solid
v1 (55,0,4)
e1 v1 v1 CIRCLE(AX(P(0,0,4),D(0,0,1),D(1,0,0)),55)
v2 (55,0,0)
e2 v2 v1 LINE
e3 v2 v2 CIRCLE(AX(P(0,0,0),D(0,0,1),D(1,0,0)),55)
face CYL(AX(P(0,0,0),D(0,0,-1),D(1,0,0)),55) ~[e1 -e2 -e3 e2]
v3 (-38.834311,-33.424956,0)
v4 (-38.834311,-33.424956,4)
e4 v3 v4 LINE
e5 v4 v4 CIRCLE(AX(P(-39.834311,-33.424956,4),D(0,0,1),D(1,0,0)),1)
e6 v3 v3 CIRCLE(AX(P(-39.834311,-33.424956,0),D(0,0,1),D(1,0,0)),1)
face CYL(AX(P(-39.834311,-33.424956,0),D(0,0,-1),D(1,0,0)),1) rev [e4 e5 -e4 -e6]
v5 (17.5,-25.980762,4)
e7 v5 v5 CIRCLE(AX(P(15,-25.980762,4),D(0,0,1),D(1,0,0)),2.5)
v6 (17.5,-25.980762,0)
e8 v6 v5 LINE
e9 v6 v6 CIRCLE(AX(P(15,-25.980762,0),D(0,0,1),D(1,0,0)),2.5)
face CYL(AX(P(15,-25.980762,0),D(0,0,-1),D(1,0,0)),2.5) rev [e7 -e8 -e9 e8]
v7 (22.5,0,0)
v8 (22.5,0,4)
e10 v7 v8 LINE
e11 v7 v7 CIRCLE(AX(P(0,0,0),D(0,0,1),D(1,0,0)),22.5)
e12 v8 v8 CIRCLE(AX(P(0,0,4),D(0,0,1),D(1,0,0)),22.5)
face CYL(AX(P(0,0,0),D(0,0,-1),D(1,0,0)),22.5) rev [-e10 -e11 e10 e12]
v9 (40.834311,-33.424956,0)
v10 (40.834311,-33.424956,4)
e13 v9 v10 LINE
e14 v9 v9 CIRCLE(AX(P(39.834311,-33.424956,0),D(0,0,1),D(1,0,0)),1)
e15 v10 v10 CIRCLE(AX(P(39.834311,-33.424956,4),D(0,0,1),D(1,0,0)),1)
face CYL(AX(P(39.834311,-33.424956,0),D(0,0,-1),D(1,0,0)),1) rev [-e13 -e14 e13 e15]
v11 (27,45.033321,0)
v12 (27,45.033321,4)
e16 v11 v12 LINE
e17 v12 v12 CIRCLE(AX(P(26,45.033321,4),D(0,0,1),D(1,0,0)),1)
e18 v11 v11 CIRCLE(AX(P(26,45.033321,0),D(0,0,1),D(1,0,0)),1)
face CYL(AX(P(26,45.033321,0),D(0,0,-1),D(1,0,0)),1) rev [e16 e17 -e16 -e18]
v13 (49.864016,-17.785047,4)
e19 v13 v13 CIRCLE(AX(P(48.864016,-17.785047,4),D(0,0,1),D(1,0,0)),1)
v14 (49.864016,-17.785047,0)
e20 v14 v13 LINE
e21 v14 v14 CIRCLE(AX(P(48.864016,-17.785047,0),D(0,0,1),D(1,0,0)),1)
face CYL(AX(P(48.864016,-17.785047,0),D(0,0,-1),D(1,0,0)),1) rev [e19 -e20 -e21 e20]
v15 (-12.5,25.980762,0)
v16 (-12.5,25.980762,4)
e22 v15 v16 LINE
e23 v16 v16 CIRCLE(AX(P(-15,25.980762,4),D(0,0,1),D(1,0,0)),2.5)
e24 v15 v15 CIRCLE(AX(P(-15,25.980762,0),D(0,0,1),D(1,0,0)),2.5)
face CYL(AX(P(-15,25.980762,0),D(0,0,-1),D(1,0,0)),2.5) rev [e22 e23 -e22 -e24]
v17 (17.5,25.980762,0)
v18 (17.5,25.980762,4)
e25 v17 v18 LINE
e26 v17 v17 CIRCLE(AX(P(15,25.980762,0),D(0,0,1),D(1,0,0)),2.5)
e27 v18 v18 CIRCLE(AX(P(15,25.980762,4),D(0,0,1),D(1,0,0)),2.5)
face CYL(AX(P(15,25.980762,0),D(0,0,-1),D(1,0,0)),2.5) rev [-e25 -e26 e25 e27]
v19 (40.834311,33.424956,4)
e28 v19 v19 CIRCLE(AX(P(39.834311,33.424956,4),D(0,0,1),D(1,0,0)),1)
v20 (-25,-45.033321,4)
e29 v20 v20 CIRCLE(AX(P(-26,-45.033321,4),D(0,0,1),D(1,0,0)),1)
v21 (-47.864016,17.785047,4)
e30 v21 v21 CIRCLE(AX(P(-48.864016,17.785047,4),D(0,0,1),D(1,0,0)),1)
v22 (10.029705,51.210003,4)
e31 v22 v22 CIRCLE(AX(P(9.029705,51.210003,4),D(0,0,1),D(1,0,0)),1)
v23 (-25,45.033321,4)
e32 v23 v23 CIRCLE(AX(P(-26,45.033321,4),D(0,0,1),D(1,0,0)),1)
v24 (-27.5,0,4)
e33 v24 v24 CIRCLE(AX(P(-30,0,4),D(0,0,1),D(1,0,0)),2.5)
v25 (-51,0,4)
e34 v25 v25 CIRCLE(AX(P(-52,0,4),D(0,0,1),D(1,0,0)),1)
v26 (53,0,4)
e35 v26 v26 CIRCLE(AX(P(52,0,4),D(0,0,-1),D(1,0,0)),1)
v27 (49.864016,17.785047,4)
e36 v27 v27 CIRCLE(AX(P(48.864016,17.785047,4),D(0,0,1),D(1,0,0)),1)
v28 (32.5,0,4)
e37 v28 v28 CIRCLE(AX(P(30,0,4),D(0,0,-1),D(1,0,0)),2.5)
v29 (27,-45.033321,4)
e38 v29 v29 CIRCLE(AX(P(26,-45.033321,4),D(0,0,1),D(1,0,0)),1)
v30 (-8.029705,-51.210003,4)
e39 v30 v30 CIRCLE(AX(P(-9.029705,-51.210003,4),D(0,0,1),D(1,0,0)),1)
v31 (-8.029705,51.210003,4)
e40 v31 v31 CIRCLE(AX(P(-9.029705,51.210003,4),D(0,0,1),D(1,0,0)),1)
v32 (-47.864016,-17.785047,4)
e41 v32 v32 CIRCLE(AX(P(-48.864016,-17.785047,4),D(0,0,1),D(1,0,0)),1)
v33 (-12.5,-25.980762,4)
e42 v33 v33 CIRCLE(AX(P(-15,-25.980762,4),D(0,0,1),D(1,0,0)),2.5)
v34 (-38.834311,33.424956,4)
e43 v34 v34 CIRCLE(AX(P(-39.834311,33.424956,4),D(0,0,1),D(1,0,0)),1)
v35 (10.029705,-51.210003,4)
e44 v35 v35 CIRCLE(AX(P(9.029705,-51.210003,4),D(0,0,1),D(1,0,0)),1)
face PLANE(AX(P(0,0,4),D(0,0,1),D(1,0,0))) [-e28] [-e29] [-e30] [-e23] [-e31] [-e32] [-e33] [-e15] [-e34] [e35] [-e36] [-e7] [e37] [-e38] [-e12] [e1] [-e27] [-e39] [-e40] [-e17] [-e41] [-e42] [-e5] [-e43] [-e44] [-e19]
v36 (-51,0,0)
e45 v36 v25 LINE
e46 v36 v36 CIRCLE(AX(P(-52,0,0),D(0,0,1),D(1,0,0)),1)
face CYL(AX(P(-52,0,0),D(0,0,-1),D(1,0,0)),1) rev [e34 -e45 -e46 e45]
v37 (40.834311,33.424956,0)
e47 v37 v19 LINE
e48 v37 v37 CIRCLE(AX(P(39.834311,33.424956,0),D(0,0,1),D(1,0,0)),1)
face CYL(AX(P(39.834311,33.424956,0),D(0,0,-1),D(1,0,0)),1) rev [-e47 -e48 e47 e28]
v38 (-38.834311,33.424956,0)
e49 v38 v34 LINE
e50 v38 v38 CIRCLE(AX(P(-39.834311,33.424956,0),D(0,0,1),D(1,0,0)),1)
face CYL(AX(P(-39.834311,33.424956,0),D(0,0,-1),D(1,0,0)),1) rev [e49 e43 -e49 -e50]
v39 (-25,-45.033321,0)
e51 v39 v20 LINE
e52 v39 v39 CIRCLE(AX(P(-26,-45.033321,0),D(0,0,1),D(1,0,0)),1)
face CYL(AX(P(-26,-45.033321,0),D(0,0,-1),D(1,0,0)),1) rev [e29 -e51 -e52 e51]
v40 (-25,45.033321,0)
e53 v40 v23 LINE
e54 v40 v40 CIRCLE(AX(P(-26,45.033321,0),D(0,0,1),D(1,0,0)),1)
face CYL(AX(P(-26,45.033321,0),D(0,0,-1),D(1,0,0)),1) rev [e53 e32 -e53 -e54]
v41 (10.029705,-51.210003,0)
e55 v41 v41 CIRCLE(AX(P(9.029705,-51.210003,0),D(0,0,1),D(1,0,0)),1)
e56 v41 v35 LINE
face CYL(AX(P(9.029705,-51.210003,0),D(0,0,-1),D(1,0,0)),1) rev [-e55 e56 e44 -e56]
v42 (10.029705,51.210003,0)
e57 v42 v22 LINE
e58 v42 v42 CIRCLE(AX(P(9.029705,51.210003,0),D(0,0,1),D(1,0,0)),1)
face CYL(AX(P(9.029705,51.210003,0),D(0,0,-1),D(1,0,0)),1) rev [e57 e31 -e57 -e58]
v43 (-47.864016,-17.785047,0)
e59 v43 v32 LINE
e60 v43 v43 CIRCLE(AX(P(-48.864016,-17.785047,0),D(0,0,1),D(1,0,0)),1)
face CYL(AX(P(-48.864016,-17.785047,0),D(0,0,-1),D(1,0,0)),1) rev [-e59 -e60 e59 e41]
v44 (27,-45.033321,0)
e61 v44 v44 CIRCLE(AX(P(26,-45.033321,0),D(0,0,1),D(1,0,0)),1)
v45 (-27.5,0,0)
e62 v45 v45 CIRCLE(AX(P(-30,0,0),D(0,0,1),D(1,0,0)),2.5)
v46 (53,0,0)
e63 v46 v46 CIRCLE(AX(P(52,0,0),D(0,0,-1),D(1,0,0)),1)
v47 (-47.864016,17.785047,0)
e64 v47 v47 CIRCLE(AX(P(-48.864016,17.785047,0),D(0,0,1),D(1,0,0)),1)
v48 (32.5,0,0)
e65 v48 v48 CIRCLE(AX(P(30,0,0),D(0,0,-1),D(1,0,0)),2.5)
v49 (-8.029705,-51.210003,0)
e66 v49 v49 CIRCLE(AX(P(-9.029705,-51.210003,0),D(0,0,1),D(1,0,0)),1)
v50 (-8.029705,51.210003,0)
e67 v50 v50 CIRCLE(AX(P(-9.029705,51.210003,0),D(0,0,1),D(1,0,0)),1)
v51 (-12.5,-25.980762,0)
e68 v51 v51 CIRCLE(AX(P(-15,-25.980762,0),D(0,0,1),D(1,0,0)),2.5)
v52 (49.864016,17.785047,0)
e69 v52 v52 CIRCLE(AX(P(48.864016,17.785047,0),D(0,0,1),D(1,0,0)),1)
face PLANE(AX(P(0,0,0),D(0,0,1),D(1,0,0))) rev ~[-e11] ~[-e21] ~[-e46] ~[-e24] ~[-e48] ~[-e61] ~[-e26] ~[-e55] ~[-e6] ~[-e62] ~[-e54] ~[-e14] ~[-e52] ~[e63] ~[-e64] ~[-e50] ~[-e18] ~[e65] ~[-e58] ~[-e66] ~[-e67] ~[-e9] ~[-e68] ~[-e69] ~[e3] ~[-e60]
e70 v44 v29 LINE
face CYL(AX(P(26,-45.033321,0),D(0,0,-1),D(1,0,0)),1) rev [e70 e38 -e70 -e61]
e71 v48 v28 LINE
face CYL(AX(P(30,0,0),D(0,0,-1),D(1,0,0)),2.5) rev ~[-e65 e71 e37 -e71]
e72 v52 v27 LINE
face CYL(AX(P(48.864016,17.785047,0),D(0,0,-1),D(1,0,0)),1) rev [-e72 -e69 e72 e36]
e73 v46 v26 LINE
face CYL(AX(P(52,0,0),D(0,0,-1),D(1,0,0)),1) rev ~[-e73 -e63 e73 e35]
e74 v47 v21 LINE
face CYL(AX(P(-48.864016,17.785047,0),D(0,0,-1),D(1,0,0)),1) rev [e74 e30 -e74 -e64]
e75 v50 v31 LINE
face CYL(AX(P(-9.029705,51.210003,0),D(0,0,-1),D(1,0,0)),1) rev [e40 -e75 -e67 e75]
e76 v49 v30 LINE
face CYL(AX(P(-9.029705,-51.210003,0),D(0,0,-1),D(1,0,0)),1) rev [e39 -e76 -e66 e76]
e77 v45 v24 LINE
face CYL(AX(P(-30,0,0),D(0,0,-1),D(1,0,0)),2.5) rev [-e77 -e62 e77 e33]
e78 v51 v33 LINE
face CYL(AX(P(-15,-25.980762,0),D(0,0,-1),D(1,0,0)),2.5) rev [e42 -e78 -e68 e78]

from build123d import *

# Parameters (mm, degrees)
F0_R     = 55
F0_R_2   = 1
F0_R_3   = 2.5
F0_R_4   = 22.5
F1_DEPTH = 4


with BuildPart() as f1:
    # F0 (on Top) → F1 (new body)
    with BuildSketch(Plane.XY):
        Circle(F0_R)
        with Locations((-39.834311, -33.424956)):
            Circle(F0_R_2, mode=Mode.SUBTRACT)
        with Locations((-26, -45.033321)):
            Circle(F0_R_2, mode=Mode.SUBTRACT)
        with Locations((-9.029705, -51.210003)):
            Circle(F0_R_2, mode=Mode.SUBTRACT)
        with Locations((-48.864016, -17.785047)):
            Circle(F0_R_2, mode=Mode.SUBTRACT)
        with Locations((-15, -25.980762)):
            Circle(F0_R_3, mode=Mode.SUBTRACT)
        with Locations((9.029705, -51.210003)):
            Circle(F0_R_2, mode=Mode.SUBTRACT)
        with Locations((26, -45.033321)):
            Circle(F0_R_2, mode=Mode.SUBTRACT)
        with Locations((39.834311, -33.424956)):
            Circle(F0_R_2, mode=Mode.SUBTRACT)
        with Locations((15, -25.980762)):
            Circle(F0_R_3, mode=Mode.SUBTRACT)
        with Locations((48.864016, -17.785047)):
            Circle(F0_R_2, mode=Mode.SUBTRACT)
        with Locations((-52, 0)):
            Circle(F0_R_2, mode=Mode.SUBTRACT)
        with Locations((-30, 0)):
            Circle(F0_R_3, mode=Mode.SUBTRACT)
        with Locations((-48.864016, 17.785047)):
            Circle(F0_R_2, mode=Mode.SUBTRACT)
        with Locations((-15, 25.980762)):
            Circle(F0_R_3, mode=Mode.SUBTRACT)
        with Locations((-39.834311, 33.424956)):
            Circle(F0_R_2, mode=Mode.SUBTRACT)
        with Locations((-26, 45.033321)):
            Circle(F0_R_2, mode=Mode.SUBTRACT)
        with Locations((-9.029705, 51.210003)):
            Circle(F0_R_2, mode=Mode.SUBTRACT)
        Circle(F0_R_4, mode=Mode.SUBTRACT)
        with Locations((15, 25.980762)):
            Circle(F0_R_3, mode=Mode.SUBTRACT)
        with BuildLine():
            ThreePointArc((27.5, 0), (30, 2.5), (32.5, 0))
            ThreePointArc((32.5, 0), (30, -2.5), (27.5, 0))
        make_face(mode=Mode.SUBTRACT)
        with BuildLine():
            ThreePointArc((51, 0), (52, 1), (53, 0))
            ThreePointArc((53, 0), (52, -1), (51, 0))
        make_face(mode=Mode.SUBTRACT)
        with Locations((48.864016, 17.785047)):
            Circle(F0_R_2, mode=Mode.SUBTRACT)
        with Locations((9.029705, 51.210003)):
            Circle(F0_R_2, mode=Mode.SUBTRACT)
        with Locations((26, 45.033321)):
            Circle(F0_R_2, mode=Mode.SUBTRACT)
        with Locations((39.834311, 33.424956)):
            Circle(F0_R_2, mode=Mode.SUBTRACT)
    extrude(amount=F1_DEPTH)


solid = f1.part
